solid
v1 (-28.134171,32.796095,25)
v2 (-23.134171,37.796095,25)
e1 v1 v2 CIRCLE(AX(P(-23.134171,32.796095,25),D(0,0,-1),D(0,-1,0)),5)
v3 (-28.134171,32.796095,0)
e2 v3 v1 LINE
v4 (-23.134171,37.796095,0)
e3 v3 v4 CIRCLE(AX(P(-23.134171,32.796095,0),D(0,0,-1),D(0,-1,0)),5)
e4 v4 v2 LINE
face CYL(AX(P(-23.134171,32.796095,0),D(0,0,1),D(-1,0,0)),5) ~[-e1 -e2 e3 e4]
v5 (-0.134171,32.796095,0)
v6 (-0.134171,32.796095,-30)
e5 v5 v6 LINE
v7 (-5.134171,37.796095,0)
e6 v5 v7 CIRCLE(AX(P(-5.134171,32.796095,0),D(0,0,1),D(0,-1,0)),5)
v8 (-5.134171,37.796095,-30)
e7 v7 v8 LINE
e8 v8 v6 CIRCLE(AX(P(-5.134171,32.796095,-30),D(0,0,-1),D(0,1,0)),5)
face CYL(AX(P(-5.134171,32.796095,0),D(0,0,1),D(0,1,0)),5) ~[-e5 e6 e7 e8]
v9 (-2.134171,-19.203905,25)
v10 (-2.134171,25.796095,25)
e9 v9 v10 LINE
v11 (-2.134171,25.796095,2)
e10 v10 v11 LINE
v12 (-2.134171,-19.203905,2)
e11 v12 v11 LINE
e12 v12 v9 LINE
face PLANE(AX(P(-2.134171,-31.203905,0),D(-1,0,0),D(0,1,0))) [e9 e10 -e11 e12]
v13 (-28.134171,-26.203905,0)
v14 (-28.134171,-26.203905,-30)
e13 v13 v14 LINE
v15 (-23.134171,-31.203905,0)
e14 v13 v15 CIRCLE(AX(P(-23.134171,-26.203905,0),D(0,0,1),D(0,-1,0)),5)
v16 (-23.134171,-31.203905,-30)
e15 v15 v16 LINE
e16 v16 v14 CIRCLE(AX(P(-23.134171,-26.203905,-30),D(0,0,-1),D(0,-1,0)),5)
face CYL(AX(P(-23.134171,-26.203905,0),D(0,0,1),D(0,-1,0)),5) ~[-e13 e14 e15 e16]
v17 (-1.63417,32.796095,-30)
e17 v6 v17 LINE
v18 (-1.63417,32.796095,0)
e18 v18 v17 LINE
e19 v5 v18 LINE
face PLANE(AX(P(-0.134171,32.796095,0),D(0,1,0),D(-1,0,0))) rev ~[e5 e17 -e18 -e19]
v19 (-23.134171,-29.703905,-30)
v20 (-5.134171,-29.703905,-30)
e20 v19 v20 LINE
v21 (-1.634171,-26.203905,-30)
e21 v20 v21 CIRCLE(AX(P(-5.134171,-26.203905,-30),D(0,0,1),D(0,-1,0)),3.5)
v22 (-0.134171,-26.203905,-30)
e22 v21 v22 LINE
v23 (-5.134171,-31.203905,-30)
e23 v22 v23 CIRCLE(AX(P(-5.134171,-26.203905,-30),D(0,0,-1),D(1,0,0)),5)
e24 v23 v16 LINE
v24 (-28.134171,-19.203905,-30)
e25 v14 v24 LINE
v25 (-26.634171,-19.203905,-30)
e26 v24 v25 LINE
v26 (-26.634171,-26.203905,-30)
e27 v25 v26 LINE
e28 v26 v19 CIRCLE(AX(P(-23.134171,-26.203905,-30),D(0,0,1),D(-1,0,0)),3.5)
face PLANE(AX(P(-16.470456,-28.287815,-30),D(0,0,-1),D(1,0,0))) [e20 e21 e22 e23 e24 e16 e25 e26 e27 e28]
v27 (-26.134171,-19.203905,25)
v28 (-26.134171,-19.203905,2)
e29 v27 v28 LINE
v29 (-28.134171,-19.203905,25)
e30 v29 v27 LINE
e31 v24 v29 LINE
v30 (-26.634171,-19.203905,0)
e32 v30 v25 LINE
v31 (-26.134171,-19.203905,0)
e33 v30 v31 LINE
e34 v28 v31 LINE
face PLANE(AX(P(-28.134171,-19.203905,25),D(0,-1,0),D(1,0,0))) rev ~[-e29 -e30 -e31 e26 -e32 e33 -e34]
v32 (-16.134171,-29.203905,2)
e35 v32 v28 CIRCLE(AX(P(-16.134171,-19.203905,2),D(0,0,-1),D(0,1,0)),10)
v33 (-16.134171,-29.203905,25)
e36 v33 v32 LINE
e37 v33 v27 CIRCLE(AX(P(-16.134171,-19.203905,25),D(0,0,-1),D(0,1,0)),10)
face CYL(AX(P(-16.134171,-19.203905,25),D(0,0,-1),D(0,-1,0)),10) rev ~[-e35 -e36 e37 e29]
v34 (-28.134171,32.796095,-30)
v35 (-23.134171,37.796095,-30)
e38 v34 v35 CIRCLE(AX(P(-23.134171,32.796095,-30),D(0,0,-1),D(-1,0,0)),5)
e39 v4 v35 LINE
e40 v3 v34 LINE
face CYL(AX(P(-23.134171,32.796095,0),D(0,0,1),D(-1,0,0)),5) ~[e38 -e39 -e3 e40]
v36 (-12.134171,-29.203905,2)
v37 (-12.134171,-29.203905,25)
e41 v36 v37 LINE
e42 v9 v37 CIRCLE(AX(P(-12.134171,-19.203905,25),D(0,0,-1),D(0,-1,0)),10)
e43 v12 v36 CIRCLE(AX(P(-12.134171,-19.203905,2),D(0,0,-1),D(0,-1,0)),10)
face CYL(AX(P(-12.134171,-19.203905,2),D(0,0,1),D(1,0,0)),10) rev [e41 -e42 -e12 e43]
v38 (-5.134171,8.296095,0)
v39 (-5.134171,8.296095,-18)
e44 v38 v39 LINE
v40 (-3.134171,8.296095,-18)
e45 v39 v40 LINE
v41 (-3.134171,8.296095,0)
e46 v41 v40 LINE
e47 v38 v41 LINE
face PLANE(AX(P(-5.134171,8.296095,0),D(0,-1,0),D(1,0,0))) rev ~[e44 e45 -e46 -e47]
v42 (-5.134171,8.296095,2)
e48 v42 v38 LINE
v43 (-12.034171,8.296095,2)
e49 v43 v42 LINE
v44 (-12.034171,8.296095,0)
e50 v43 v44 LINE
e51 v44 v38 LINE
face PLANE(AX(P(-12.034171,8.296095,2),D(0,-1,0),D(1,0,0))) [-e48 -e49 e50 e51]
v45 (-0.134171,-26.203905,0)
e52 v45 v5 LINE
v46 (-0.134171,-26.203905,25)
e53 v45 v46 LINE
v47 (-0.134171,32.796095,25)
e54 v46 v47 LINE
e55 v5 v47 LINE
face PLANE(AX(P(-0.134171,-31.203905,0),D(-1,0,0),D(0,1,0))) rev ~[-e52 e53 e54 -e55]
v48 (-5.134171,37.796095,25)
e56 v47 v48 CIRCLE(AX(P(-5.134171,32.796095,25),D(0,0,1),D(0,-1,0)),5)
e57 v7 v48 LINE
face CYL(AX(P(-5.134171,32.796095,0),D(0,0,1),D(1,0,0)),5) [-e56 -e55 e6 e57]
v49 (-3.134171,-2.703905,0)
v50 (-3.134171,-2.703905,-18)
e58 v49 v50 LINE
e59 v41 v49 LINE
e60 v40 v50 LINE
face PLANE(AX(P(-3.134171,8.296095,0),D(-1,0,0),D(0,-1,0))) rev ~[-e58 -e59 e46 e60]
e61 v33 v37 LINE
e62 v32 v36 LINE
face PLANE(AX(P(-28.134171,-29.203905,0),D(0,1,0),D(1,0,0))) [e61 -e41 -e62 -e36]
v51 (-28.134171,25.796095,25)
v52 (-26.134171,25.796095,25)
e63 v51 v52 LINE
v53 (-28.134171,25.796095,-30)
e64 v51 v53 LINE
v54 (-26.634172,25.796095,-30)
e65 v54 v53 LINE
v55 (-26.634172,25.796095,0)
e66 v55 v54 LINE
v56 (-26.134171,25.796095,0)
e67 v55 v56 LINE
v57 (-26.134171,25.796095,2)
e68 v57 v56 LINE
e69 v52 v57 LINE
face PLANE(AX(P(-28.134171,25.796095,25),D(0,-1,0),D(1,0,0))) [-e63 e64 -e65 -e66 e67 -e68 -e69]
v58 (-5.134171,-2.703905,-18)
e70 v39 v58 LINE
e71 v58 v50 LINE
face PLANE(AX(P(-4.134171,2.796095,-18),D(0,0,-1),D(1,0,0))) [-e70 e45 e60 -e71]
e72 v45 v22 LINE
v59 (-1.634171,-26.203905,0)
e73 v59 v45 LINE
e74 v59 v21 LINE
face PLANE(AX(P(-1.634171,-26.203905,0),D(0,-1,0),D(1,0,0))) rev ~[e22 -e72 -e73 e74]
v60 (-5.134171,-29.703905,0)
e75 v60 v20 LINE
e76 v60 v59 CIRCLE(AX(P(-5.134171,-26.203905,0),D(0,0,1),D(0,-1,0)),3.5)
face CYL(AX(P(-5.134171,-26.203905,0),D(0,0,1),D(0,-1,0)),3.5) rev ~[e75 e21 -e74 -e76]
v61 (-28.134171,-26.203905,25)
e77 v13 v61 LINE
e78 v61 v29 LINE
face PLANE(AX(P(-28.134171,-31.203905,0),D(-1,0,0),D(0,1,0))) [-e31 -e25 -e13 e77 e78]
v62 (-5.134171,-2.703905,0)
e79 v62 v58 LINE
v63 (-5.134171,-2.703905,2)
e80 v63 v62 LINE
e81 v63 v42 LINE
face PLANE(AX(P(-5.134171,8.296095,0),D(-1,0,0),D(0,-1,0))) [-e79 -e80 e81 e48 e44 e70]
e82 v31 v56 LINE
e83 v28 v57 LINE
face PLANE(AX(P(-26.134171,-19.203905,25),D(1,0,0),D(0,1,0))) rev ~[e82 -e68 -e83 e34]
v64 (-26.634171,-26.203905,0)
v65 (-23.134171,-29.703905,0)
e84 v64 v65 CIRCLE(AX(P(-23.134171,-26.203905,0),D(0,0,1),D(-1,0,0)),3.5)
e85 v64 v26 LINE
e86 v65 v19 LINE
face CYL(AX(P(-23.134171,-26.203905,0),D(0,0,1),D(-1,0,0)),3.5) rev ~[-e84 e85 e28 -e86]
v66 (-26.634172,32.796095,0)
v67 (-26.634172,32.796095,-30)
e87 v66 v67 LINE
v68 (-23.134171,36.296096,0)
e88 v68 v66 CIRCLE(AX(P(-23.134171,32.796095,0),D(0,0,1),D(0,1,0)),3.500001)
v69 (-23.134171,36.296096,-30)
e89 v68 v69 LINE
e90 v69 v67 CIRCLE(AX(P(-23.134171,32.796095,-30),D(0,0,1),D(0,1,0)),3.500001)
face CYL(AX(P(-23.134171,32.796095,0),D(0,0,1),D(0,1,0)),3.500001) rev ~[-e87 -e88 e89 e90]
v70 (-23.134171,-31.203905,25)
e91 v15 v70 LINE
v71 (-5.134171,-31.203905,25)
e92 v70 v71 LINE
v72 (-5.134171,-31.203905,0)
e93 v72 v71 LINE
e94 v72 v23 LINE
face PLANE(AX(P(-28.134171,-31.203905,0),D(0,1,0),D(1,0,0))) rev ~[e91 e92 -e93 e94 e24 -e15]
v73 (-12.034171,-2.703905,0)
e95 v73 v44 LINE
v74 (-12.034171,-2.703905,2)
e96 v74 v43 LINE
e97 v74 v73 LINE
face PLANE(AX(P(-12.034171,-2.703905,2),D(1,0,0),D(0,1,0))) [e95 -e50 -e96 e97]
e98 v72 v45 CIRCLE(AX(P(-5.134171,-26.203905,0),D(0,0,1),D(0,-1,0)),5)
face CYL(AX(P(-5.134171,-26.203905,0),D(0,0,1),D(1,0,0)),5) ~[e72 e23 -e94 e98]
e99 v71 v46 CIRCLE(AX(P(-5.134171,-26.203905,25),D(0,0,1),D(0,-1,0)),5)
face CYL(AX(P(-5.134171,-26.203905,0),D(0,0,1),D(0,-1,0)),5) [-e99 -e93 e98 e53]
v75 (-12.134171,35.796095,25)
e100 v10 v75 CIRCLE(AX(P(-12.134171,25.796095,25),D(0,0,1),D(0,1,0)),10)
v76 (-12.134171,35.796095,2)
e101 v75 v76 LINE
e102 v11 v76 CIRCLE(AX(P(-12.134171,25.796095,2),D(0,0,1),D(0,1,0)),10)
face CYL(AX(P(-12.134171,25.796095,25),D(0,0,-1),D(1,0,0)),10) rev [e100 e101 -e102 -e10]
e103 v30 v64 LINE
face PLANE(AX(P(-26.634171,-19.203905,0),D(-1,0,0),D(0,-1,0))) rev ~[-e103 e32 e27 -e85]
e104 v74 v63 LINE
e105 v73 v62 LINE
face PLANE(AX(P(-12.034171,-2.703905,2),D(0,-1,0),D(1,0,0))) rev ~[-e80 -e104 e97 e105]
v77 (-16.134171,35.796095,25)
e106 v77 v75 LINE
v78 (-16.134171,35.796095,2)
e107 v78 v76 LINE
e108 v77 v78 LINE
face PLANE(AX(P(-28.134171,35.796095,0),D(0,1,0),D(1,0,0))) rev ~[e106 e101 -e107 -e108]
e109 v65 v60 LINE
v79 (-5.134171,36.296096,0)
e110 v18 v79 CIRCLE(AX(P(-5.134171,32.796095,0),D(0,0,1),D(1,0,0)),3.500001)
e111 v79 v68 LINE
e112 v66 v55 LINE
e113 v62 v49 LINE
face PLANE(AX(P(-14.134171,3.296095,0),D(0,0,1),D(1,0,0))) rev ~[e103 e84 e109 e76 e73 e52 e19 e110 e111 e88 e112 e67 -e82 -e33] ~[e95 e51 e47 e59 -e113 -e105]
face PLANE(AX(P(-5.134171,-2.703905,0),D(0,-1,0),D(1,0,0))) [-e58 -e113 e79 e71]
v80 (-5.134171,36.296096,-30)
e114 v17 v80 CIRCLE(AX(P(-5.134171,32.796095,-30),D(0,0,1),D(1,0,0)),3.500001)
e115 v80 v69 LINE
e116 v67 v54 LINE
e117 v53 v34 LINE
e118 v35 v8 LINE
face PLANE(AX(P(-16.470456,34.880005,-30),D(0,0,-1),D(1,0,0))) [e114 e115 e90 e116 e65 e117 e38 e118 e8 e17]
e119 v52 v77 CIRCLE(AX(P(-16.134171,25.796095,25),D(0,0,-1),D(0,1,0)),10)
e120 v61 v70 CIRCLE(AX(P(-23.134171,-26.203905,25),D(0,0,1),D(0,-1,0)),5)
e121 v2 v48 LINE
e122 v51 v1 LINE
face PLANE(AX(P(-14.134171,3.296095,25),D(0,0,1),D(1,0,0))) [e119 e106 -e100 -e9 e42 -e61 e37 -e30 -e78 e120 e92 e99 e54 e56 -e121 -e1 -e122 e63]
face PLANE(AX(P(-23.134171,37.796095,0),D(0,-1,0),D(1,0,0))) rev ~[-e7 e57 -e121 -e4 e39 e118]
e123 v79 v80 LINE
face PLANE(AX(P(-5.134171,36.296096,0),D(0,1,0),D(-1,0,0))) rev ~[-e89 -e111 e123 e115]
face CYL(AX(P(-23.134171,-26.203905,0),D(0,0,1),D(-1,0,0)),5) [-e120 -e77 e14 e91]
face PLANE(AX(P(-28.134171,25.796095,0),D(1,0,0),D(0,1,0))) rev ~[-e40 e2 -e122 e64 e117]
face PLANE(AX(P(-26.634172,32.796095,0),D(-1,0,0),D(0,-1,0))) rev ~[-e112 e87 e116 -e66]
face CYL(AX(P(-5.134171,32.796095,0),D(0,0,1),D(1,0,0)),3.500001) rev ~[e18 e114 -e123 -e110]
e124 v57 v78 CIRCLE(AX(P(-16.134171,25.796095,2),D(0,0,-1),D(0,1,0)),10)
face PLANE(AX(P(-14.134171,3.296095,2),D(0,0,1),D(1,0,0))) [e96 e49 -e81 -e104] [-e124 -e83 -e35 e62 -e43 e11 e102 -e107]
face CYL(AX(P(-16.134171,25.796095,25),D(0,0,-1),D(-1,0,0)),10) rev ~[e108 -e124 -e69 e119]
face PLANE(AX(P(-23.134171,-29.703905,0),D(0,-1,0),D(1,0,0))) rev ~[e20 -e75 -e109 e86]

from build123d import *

# Parameters (mm, degrees)
F0_W      = 28
F0_H      = 69
F1_DEPTH  = 25
F2_T      = -2
F3_R      = 5
F4_R      = 10
F5_W      = 6.9
F5_H      = 11
F6_DEPTH  = 25
F7_W      = 2
F7_H      = 45
F8_DEPTH  = 25
F10_W     = 2
F10_H     = 11
F11_DEPTH = 18
F12_DEPTH = 30


with BuildPart() as f1:
    # F0 (on Top) → F1 (new body)
    with BuildSketch(Plane.XY):
        with Locations((-14.1341709197, 3.2960948795)):
            Rectangle(F0_W, F0_H)
    extrude(amount=F1_DEPTH)

    # F2
    f2_openings = [f1.faces().sort_by_distance(p)[0] for p in [
        (-14.134171, 3.296095, 25),
    ]]
    offset(amount=F2_T, openings=f2_openings)

    # F3
    f3_edges = [f1.edges().sort_by_distance(p)[0] for p in [
        (-0.134171, -31.203905, 12.5),
        (-28.134171, -31.203905, 12.5),
        (-0.134171, 37.796095, 12.5),
        (-28.134171, 37.796095, 12.5),
    ]]
    fillet(f3_edges, radius=F3_R)

    # F4
    f4_edges = [f1.edges().sort_by_distance(p)[0] for p in [
        (-26.134171, 35.796095, 13.5),
        (-26.134171, -29.203905, 13.5),
        (-2.134171, -29.203905, 13.5),
        (-2.134171, 35.796095, 13.5),
    ]]
    fillet(f4_edges, radius=F4_R)

    # F5 (on face) → F6 (cut)
    with BuildSketch(Plane.XY.offset(2)):
        with Locations((-8.5841709197, 2.7960948795)):
            Rectangle(F5_W, F5_H)
    extrude(amount=-F6_DEPTH, mode=Mode.SUBTRACT)

    # F7 (on face) → F8 (cut)
    with BuildSketch(Plane.XY.offset(25)):
        with Locations((-27.1341709197, 3.2960948795)):
            Rectangle(F7_W, F7_H)
    extrude(amount=-F8_DEPTH, mode=Mode.SUBTRACT)

    # F10 (on face) → F11 (join)
    with BuildSketch(Plane(origin=(0, 0, 0), x_dir=(1, 0, 0), z_dir=(0, 0, -1))):
        with Locations((-4.1341709197, -2.7960948795)):
            Rectangle(F10_W, F10_H)
    extrude(amount=F11_DEPTH)

    # F10 (on face) → F12 (join)
    with BuildSketch(Plane(origin=(0, 0, 0), x_dir=(1, 0, 0), z_dir=(0, 0, -1))):
        with BuildLine():
            ThreePointArc((-1.6341702342, -32.7960948795), (-2.6592967008, -35.2709690983), (-5.1341709197, -36.296095565))
            Line((-5.1341709197, -36.296095565), (-23.1341709197, -36.296095565))
            ThreePointArc((-23.1341709197, -36.296095565), (-25.6090451385, -35.2709690983), (-26.6341716051, -32.7960948795))
            Line((-26.6341716051, -32.7960948795), (-26.6341716051, -25.7960948795))
            Line((-26.6341716051, -25.7960948795), (-28.1341709197, -25.7960948795))
            Line((-28.1341709197, -25.7960948795), (-28.1341709197, -32.7960948795))
            ThreePointArc((-28.1341709197, -32.7960948795), (-26.6697048256, -36.3316287854), (-23.1341709197, -37.7960948795))
            Line((-23.1341709197, -37.7960948795), (-5.1341709197, -37.7960948795))
            ThreePointArc((-5.1341709197, -37.7960948795), (-1.5986370137, -36.3316287854), (-0.1341709197, -32.7960948795))
            Line((-0.1341709197, -32.7960948795), (-1.6341702342, -32.7960948795))
        make_face()
        with BuildLine():
            Line((-1.6341709197, 26.2039051205), (-0.1341709197, 26.2039051205))
            ThreePointArc((-0.1341709197, 26.2039051205), (-1.5986370137, 29.7394390264), (-5.1341709197, 31.2039051205))
            Line((-5.1341709197, 31.2039051205), (-23.1341709197, 31.2039051205))
            ThreePointArc((-23.1341709197, 31.2039051205), (-26.6697048256, 29.7394390264), (-28.1341709197, 26.2039051205))
            Line((-28.1341709197, 26.2039051205), (-28.1341709197, 19.2039051205))
            Line((-28.1341709197, 19.2039051205), (-26.6341709197, 19.2039051205))
            Line((-26.6341709197, 19.2039051205), (-26.6341709197, 26.2039051205))
            ThreePointArc((-26.6341709197, 26.2039051205), (-25.6090446538, 28.6787788546), (-23.1341709197, 29.7039051205))
            Line((-23.1341709197, 29.7039051205), (-5.1341709197, 29.7039051205))
            ThreePointArc((-5.1341709197, 29.7039051205), (-2.6592971855, 28.6787788546), (-1.6341709197, 26.2039051205))
        make_face()
    extrude(amount=F12_DEPTH)


solid = f1.part
